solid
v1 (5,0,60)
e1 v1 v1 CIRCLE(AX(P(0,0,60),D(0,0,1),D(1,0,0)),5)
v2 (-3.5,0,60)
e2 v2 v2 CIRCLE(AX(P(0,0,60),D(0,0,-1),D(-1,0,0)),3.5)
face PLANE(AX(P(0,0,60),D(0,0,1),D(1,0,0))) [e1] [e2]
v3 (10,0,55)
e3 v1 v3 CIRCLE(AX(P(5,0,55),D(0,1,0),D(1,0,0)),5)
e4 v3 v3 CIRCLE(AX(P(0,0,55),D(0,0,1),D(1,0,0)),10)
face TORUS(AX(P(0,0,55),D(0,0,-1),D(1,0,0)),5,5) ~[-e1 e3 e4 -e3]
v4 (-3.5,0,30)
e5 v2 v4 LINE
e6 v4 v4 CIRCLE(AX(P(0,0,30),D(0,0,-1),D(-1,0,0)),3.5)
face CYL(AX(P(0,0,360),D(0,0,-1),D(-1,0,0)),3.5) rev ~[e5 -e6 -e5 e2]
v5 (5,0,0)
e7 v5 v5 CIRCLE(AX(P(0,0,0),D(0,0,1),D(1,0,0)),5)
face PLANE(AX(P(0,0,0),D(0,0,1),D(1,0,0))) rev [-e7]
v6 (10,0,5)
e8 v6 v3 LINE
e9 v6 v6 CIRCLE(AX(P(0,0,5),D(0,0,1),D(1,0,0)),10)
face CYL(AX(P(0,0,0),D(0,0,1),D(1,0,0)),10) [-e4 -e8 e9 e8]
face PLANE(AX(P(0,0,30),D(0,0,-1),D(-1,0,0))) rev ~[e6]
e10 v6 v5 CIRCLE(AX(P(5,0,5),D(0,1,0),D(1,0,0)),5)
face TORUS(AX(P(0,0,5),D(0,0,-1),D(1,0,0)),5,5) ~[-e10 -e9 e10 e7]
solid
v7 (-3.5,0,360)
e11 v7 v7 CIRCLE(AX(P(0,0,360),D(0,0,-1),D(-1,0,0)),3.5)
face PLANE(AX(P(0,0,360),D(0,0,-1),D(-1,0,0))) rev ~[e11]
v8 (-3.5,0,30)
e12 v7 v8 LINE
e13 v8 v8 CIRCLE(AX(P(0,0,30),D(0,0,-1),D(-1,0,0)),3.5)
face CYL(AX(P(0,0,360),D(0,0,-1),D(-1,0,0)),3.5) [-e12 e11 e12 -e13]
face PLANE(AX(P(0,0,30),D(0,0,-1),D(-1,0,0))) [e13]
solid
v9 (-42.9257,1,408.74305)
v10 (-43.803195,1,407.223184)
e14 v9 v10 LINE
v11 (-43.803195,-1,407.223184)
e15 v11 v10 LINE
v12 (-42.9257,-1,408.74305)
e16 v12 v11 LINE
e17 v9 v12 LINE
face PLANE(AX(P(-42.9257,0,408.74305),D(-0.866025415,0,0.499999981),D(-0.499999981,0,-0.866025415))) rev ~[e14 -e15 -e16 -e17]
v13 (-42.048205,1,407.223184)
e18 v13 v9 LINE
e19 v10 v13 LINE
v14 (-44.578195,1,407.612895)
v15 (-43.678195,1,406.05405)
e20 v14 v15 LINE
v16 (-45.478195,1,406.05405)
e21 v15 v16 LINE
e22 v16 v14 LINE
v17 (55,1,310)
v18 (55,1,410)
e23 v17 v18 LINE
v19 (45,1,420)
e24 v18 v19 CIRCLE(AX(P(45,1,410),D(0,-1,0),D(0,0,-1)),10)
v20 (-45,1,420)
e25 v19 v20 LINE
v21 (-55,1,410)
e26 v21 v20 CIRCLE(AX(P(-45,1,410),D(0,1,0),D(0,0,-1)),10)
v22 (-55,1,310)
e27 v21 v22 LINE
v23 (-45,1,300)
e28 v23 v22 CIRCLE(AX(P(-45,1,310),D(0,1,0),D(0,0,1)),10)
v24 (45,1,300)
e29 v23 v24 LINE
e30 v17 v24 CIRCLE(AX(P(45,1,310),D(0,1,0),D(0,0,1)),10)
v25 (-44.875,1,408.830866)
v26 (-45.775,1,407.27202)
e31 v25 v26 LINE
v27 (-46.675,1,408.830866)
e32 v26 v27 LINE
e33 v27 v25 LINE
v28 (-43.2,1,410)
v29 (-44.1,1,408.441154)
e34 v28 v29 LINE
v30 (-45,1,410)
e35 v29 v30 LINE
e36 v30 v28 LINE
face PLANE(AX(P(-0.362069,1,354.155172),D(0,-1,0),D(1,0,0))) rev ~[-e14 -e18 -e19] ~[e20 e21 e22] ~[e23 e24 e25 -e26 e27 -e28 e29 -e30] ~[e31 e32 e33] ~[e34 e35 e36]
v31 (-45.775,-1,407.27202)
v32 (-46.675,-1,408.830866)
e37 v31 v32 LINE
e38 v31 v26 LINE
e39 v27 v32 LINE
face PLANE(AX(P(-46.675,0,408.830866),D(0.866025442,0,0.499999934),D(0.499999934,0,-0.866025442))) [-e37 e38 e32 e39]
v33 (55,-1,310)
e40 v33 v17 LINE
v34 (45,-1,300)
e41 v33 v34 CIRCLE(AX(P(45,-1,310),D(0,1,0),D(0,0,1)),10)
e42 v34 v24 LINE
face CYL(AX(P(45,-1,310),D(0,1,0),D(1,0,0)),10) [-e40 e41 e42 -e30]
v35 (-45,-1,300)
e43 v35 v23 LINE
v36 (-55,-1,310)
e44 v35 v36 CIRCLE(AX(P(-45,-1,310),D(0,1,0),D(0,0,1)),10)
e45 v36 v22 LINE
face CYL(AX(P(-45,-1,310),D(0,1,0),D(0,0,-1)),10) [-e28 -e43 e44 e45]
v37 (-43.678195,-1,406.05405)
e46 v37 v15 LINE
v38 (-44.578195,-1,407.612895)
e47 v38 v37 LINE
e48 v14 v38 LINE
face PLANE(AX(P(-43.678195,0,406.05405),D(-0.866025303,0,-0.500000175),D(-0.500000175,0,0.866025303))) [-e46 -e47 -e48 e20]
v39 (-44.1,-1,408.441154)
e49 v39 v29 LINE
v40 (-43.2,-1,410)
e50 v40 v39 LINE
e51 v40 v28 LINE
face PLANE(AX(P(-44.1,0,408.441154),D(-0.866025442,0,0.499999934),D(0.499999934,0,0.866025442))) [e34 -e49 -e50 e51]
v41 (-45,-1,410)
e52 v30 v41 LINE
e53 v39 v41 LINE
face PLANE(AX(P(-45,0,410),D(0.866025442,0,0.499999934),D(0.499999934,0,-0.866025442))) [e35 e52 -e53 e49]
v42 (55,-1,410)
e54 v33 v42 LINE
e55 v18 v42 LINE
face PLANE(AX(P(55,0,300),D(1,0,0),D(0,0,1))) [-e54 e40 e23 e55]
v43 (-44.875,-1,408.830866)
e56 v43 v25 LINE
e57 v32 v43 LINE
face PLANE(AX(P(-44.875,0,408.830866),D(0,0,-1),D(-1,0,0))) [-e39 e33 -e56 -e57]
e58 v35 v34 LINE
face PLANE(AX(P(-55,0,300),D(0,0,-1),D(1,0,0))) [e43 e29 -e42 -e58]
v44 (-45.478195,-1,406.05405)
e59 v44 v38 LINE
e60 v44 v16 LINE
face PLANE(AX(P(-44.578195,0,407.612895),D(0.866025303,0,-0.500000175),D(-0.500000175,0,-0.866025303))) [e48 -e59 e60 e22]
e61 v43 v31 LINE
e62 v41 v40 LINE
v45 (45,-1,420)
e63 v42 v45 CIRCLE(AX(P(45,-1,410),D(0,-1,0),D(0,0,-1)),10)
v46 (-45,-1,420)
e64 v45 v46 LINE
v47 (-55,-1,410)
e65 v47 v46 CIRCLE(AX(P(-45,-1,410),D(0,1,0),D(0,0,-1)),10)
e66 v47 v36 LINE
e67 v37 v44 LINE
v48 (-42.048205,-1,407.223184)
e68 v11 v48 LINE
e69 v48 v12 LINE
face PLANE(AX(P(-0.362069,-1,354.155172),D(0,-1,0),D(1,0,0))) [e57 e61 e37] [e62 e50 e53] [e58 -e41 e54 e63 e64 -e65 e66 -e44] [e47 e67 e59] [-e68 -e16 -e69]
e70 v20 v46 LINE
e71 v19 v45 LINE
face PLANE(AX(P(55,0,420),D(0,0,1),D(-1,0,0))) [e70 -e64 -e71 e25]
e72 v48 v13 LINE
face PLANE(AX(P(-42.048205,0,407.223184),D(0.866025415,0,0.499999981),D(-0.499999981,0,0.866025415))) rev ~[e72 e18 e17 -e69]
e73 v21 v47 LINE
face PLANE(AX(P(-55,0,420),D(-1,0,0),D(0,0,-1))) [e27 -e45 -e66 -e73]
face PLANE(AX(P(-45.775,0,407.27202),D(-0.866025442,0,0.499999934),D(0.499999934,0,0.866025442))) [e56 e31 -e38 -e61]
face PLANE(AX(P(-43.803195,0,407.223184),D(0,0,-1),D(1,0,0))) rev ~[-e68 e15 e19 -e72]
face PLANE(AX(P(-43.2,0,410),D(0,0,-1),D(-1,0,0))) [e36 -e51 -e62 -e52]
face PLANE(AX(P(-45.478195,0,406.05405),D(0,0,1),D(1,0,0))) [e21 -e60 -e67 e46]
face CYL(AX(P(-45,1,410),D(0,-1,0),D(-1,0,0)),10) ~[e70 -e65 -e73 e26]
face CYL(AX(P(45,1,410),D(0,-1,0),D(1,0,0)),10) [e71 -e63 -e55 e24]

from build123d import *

# Parameters (mm, degrees)
F0_W     = 3.5
F0_H     = 60
F4_DEPTH = 1
F5_R     = 10
F6_R     = 5
F8_DEPTH = 12.5


with BuildPart() as f1:
    # F0 (on Front) → F1 (revolve)
    with BuildSketch(Plane.XZ):
        with Locations((-1.75, 330)):
            Rectangle(F0_W, F0_H)
        Polygon((0, 60), (0, 300), (-3.5, 300), (-3.5, 30), (0, 30), align=None)
    revolve(axis=Axis((0, 0, 195), (0, 0, -1)))


with BuildPart() as f2:
    # F0 (on Front) → F2 (revolve)
    with BuildSketch(Plane.XZ):
        Polygon((10, 60), (0, 60), (0, 30), (0, 0), (10, 0), align=None)
    revolve(axis=Axis((0, 0, 30), (0, 0, 1)))

    # F3: cut F1
    add(f1.part, mode=Mode.SUBTRACT)

    # F6
    f6_edges = [f2.edges().sort_by_distance(p)[0] for p in [
        (-10, 0, 60),
        (-10, 0, 0),
    ]]
    fillet(f6_edges, radius=F6_R)


with BuildPart() as f4:
    # F0 (on Front) → F4 (new body, symmetric)
    with BuildSketch(Plane.XZ):
        Polygon((55, 300), (55, 420), (-55, 420), (-55, 300), (-3.5, 300), (-3.5, 360), (0, 360), (0, 300), align=None)
        with Locations((-1.75, 330)):
            Rectangle(F0_W, F0_H)
    extrude(amount=F4_DEPTH, both=True)

    # F5
    f5_edges = [f4.edges().sort_by_distance(p)[0] for p in [
        (-55, 0, 420),
        (55, 0, 420),
        (-55, 0, 300),
        (55, 0, 300),
    ]]
    fillet(f5_edges, radius=F5_R)

    # F7 (on Front) → F8 (cut, symmetric)
    with BuildSketch(Plane.XZ):
        Polygon((-43.2, 410), (-45, 410), (-44.1, 408.441154), align=None)
        Polygon((-44.875, 408.830866), (-46.675, 408.830866), (-45.775, 407.27202), align=None)
        Polygon((-43.678195, 406.05405), (-44.578195, 407.612895), (-45.478195, 406.05405), align=None)
        Polygon((-42.048205, 407.223184), (-42.9257, 408.74305), (-43.803195, 407.223184), align=None)
    extrude(amount=F8_DEPTH, both=True, mode=Mode.SUBTRACT)


solid = Compound([f1.part, f2.part, f4.part])
